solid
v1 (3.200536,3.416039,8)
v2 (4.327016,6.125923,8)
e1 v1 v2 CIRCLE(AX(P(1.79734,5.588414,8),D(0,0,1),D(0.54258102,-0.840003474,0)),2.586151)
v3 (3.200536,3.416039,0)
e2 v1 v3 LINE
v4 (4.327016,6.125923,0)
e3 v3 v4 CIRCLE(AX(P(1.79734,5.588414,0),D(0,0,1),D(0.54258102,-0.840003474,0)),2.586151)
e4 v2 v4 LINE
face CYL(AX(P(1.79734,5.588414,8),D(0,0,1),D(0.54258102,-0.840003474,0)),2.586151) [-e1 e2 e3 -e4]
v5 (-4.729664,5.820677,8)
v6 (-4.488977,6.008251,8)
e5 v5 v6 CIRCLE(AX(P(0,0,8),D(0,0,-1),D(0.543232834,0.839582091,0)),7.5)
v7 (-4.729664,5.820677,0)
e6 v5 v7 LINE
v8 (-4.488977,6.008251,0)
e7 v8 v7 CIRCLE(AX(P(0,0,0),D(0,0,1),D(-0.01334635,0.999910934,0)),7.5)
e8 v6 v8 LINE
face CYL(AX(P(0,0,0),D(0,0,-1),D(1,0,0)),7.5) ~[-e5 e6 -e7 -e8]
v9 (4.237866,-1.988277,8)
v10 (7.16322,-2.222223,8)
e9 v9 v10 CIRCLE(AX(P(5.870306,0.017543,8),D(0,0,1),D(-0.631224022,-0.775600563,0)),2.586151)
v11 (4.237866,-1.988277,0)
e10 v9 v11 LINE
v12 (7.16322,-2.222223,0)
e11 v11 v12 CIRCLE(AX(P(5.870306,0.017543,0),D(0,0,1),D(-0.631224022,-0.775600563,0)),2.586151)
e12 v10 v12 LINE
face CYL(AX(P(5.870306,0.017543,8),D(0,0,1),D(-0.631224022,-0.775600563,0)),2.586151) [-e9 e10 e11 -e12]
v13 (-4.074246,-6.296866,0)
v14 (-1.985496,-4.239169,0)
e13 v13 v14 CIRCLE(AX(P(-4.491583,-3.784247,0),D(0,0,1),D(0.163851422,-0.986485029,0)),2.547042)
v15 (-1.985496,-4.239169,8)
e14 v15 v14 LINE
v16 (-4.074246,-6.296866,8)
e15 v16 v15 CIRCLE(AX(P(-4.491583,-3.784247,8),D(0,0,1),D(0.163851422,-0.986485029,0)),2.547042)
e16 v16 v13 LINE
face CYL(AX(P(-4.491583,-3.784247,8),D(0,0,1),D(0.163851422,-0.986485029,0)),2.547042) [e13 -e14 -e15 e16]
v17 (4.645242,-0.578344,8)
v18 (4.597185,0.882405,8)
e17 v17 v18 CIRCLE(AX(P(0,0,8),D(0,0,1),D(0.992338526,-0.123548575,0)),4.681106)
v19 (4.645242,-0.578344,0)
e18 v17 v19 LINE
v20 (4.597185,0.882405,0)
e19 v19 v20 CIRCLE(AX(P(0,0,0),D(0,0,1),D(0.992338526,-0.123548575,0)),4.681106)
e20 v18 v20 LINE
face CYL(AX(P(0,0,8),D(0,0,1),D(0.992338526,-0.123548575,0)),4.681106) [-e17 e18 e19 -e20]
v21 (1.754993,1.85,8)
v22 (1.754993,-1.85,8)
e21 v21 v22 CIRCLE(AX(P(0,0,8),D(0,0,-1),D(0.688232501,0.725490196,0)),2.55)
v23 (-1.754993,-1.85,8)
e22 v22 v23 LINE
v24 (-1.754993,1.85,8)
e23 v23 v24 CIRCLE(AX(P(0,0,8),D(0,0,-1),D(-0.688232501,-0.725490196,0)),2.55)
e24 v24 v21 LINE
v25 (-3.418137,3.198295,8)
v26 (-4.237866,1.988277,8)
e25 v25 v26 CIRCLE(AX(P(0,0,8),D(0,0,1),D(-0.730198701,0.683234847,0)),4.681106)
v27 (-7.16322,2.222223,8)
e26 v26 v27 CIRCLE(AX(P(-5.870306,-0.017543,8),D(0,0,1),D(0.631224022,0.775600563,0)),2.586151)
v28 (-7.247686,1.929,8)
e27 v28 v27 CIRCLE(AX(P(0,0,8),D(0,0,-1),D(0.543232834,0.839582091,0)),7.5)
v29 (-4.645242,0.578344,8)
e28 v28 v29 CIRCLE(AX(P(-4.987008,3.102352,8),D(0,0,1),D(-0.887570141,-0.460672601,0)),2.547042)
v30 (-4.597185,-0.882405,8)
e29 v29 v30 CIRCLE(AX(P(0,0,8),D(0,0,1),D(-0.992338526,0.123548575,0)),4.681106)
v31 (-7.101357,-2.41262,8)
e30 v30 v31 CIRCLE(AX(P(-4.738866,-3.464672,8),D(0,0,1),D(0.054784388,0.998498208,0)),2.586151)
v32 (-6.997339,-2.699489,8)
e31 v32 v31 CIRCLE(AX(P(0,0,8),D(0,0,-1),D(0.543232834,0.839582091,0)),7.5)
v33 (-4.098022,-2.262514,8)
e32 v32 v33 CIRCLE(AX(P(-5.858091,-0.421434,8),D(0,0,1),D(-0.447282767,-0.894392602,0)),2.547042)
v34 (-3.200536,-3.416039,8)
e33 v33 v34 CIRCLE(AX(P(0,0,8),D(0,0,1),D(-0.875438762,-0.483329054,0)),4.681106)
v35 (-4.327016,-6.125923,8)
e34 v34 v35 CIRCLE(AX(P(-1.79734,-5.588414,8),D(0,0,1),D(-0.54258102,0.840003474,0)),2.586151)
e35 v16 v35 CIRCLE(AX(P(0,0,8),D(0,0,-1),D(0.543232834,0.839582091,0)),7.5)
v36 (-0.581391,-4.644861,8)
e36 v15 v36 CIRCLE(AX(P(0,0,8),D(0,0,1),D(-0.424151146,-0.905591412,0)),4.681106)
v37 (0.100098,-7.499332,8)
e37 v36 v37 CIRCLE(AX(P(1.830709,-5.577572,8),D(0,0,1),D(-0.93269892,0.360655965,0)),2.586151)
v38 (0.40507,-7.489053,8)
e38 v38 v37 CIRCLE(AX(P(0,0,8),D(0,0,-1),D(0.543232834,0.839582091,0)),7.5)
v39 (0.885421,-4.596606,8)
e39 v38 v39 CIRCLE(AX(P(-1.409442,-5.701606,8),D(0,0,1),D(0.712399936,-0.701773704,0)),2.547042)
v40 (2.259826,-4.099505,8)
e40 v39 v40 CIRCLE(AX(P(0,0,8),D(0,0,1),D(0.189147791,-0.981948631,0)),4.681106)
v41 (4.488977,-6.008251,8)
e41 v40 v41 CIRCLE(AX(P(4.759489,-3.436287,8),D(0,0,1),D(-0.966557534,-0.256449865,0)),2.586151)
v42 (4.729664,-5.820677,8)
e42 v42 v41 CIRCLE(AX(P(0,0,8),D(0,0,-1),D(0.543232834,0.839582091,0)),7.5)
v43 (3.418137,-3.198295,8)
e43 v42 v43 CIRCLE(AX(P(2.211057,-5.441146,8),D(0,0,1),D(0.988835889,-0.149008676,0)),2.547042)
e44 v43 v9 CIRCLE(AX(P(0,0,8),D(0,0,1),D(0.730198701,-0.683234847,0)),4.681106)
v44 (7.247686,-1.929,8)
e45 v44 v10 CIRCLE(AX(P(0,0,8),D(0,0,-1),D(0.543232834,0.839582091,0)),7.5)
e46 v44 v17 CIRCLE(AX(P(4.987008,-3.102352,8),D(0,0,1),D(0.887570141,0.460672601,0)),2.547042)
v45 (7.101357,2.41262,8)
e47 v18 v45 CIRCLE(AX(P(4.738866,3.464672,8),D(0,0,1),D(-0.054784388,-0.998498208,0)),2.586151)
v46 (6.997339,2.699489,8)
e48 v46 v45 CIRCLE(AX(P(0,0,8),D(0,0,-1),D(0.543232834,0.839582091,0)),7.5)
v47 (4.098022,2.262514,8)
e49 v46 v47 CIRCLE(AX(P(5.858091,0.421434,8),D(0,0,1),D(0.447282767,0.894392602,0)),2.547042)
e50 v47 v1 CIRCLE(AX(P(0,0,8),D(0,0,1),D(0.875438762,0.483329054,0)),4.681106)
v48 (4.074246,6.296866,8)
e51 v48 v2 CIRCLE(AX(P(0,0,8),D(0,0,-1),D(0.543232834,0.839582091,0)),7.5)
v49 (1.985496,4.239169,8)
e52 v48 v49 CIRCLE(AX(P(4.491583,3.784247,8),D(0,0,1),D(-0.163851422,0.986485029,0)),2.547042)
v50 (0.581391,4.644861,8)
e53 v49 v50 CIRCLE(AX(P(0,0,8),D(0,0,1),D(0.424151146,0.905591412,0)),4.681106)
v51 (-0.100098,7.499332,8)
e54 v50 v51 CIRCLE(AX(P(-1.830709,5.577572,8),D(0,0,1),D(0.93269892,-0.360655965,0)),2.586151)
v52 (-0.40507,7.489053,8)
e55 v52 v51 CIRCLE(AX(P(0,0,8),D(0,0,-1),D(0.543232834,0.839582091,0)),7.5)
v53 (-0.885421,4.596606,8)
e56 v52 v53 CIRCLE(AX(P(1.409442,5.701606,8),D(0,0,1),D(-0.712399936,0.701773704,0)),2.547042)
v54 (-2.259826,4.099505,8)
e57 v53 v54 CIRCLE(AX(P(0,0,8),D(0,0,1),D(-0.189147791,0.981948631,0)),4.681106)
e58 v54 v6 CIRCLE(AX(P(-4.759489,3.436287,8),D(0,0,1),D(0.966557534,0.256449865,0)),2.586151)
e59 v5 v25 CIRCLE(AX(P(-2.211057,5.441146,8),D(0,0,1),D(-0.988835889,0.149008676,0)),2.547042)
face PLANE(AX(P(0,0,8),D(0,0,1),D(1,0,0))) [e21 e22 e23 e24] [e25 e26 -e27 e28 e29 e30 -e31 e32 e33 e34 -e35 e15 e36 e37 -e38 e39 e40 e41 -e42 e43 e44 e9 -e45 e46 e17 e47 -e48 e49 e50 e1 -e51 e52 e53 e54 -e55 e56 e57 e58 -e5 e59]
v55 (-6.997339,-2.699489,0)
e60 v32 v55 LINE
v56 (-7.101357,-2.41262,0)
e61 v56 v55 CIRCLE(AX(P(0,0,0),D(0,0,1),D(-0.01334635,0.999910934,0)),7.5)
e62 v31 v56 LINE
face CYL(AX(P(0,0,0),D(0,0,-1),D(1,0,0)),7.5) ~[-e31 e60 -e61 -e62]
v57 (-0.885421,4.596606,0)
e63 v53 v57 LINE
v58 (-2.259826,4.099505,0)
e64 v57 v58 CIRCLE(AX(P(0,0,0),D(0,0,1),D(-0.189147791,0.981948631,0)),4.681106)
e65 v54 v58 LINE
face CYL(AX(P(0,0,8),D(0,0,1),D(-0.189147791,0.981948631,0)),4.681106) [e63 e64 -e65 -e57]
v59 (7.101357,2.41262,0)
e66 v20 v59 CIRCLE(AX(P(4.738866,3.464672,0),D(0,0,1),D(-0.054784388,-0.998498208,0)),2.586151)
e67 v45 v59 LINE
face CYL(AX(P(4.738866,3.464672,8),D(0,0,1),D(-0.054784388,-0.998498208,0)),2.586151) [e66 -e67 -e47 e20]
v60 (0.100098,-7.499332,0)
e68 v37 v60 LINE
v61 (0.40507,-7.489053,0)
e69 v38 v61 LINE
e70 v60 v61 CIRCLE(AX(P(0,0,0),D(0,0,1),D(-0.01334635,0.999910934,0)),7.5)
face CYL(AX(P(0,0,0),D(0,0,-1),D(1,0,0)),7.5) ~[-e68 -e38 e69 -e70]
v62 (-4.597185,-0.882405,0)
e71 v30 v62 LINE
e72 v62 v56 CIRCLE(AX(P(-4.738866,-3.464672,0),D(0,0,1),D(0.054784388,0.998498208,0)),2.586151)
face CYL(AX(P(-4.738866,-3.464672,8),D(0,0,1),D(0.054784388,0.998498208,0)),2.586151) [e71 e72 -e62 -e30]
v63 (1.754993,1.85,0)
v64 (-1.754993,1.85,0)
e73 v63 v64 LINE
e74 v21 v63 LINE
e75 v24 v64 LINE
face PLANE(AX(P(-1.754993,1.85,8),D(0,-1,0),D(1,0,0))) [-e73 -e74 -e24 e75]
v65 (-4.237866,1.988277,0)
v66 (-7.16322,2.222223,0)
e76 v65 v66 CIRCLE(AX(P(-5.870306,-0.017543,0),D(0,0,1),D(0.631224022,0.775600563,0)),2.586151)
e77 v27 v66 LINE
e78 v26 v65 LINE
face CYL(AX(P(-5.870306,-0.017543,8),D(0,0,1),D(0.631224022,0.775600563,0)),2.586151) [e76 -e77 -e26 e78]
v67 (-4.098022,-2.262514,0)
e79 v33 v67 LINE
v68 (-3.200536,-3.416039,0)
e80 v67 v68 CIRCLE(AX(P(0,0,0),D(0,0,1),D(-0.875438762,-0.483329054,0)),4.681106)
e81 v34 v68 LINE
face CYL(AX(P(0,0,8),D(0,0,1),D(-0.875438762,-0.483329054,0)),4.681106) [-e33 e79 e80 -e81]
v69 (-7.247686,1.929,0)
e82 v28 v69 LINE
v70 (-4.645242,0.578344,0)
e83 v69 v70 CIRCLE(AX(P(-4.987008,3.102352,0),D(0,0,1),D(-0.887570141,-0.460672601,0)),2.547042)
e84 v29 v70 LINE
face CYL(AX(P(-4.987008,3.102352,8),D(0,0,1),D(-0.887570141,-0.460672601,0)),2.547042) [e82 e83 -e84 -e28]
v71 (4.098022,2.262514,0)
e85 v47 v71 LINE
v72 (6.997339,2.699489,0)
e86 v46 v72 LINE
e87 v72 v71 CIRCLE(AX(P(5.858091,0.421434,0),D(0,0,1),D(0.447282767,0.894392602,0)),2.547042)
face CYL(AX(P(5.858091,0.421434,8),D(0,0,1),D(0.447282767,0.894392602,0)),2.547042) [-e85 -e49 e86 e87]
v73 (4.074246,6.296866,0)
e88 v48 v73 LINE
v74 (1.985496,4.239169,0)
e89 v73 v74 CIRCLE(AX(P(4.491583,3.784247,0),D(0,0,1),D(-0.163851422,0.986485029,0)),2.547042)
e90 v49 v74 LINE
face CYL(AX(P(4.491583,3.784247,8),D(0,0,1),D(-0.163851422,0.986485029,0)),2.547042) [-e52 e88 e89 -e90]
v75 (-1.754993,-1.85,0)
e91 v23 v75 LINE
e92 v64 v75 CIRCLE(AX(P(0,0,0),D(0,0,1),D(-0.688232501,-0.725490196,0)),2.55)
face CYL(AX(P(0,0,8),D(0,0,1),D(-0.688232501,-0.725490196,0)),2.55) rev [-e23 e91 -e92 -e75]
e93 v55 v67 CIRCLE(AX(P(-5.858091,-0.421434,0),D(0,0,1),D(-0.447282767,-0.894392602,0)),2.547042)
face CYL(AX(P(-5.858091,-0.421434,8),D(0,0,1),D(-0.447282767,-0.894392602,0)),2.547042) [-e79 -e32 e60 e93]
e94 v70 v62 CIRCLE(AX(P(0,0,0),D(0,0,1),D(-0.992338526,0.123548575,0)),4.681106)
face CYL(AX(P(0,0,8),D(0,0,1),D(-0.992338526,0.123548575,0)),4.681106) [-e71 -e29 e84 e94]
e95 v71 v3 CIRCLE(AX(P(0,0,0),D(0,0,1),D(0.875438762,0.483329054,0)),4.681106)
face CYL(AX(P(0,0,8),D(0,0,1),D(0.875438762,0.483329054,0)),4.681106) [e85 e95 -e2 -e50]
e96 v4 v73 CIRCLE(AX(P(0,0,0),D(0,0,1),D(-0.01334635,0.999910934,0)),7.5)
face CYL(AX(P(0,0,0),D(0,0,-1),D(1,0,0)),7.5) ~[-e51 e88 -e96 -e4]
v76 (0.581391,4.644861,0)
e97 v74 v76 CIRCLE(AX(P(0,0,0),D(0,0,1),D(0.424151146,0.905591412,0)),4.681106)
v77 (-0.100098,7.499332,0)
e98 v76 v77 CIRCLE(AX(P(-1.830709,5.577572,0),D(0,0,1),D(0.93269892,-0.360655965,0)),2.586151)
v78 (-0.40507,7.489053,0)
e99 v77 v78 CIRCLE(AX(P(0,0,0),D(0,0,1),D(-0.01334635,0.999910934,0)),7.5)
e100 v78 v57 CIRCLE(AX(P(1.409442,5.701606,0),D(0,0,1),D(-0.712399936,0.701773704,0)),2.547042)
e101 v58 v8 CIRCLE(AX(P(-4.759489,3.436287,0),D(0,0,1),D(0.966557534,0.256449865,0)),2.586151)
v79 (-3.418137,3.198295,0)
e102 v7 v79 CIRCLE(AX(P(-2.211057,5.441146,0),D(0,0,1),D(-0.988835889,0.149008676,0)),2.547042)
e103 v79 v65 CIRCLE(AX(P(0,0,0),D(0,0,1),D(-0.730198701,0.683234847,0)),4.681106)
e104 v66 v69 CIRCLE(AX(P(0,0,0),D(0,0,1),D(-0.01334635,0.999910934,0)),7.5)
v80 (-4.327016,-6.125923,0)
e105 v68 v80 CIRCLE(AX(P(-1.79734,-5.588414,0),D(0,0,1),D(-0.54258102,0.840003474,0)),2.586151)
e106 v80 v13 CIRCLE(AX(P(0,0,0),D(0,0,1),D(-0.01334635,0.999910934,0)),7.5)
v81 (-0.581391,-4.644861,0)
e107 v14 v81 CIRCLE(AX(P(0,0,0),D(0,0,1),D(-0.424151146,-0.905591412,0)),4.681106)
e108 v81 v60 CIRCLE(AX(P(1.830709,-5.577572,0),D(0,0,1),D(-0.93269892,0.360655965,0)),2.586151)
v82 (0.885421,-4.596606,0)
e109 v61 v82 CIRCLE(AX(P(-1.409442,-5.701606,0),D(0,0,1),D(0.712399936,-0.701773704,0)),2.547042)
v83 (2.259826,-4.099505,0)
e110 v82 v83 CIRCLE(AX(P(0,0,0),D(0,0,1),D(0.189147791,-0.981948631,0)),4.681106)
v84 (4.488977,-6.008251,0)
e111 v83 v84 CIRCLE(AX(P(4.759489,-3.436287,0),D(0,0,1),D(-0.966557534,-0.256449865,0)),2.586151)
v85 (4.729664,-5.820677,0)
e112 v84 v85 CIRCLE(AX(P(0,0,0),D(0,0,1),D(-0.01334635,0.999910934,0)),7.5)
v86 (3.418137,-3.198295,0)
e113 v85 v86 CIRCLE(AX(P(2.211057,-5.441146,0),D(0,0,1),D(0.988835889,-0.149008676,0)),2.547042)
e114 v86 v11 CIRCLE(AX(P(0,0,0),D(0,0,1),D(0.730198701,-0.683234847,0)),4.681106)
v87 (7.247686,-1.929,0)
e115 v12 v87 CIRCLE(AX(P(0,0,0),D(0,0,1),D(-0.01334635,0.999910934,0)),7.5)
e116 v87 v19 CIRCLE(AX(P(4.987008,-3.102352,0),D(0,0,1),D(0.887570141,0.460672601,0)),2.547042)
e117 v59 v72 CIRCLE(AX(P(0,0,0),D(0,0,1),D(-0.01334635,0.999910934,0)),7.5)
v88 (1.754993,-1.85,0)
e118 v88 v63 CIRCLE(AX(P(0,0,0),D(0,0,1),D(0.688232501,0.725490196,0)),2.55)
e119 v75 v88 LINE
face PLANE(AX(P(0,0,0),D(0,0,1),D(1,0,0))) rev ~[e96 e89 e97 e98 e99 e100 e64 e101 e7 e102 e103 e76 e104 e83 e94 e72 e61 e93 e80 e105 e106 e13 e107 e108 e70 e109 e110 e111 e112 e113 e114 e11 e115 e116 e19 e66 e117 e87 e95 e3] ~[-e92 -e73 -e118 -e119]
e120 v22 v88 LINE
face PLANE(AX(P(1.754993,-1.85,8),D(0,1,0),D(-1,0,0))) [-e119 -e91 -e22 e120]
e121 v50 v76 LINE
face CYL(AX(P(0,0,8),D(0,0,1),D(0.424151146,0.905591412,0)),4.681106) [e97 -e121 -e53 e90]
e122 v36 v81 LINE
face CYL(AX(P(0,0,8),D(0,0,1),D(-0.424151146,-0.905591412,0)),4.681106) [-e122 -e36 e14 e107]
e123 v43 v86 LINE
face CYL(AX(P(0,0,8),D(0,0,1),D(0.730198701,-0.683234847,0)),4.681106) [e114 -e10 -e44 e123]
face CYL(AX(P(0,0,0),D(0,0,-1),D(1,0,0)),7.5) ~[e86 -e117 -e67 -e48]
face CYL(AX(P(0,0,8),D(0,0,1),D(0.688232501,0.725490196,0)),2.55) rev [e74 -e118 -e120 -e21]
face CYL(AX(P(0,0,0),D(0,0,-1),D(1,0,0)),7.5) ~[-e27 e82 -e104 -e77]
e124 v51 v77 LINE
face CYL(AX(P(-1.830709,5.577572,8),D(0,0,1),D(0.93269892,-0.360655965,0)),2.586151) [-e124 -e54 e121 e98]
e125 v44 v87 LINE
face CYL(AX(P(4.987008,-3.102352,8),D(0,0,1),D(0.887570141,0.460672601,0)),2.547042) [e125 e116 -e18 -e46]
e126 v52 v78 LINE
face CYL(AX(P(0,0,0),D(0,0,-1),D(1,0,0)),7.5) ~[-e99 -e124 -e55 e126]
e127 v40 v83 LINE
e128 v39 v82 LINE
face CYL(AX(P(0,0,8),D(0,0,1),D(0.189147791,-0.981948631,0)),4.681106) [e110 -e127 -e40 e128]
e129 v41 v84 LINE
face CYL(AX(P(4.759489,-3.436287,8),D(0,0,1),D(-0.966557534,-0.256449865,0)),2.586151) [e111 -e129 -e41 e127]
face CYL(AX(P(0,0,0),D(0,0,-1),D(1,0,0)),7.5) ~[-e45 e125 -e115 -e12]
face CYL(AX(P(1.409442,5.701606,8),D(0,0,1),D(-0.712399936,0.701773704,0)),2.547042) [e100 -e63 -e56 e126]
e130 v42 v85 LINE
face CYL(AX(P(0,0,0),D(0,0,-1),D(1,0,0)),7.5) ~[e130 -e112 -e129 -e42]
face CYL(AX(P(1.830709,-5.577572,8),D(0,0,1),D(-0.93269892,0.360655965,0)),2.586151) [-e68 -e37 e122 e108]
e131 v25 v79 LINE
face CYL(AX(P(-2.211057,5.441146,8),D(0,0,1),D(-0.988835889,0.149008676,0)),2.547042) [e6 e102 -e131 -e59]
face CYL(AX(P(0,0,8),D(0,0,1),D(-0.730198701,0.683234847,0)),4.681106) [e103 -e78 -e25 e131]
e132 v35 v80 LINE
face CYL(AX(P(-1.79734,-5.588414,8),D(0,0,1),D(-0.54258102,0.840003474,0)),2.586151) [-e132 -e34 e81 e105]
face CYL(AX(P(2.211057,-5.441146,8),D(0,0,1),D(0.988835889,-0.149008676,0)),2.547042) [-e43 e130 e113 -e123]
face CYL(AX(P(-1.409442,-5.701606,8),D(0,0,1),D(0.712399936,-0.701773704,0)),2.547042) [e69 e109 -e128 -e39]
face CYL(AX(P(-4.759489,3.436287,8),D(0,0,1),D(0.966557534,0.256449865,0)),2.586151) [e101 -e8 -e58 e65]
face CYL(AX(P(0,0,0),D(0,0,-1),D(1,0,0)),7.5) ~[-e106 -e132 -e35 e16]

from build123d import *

# Parameters (mm, degrees)
SKIZZE1_R                       = 7.5
AUFSATZ_LINEAR_AUSTRAGEN1_DEPTH = 8
SCHNITT_LINEAR_AUSTRAGEN1_DEPTH = 14.285330256
KREISMUSTER1_COUNT              = 10
SCHNITT_LINEAR_AUSTRAGEN3_REACH = 15.144


with BuildPart() as part:
    # Skizze1 → Aufsatz-Linear austragen1 (new body)
    with BuildSketch(Plane.XY):
        Circle(SKIZZE1_R)
    extrude(amount=AUFSATZ_LINEAR_AUSTRAGEN1_DEPTH)

    # Skizze3 → Schnitt-Linear austragen1 (cut, through all)
    with BuildSketch(Plane.XY.offset(8)):
        with BuildLine():
            ThreePointArc((1.98549644, 4.239169305), (1.299374701, 4.497152198), (0.581391256, 4.644861324))
            ThreePointArc((0.581391256, 4.644861324), (0.684746364, 6.178122942), (-0.100097626, 7.499332001))
            ThreePointArc((-0.100097626, 7.499332001), (2.076040858, 7.20694487), (4.074246256, 6.296865684))
            ThreePointArc((4.074246256, 6.296865684), (2.704090414, 5.598714906), (1.98549644, 4.239169305))
        make_face()
    schnitt_linear_austragen1 = extrude(amount=-SCHNITT_LINEAR_AUSTRAGEN1_DEPTH, mode=Mode.SUBTRACT)

    # Kreismuster1: Schnitt-Linear austragen1 ×10 about axis
    kreismuster1_axis = Axis((0, 0, 8), (0, 0, -1))
    for i in range(1, KREISMUSTER1_COUNT):
        add(schnitt_linear_austragen1.rotate(kreismuster1_axis, i * 360 / KREISMUSTER1_COUNT), mode=Mode.SUBTRACT)

    # Skizze4 → Schnitt-Linear austragen3 (cut, up to next)
    with BuildSketch(Plane.XY.offset(8), mode=Mode.PRIVATE) as schnitt_linear_austragen3_sk1:
        with BuildLine():
            Line((1.754992877, -1.85), (-1.754992877, -1.85))
            ThreePointArc((-1.754992877, -1.85), (-2.55, 0), (-1.754992877, 1.85))
            Line((-1.754992877, 1.85), (1.754992877, 1.85))
            ThreePointArc((1.754992877, 1.85), (2.55, 0), (1.754992877, -1.85))
        make_face()
    schnitt_linear_austragen3_tool1 = extrude(schnitt_linear_austragen3_sk1.sketch, amount=-SCHNITT_LINEAR_AUSTRAGEN3_REACH, mode=Mode.PRIVATE) & part.part
    add(schnitt_linear_austragen3_tool1.solids().sort_by_distance((0, 0, 8))[0], mode=Mode.SUBTRACT)


solid = part.part
